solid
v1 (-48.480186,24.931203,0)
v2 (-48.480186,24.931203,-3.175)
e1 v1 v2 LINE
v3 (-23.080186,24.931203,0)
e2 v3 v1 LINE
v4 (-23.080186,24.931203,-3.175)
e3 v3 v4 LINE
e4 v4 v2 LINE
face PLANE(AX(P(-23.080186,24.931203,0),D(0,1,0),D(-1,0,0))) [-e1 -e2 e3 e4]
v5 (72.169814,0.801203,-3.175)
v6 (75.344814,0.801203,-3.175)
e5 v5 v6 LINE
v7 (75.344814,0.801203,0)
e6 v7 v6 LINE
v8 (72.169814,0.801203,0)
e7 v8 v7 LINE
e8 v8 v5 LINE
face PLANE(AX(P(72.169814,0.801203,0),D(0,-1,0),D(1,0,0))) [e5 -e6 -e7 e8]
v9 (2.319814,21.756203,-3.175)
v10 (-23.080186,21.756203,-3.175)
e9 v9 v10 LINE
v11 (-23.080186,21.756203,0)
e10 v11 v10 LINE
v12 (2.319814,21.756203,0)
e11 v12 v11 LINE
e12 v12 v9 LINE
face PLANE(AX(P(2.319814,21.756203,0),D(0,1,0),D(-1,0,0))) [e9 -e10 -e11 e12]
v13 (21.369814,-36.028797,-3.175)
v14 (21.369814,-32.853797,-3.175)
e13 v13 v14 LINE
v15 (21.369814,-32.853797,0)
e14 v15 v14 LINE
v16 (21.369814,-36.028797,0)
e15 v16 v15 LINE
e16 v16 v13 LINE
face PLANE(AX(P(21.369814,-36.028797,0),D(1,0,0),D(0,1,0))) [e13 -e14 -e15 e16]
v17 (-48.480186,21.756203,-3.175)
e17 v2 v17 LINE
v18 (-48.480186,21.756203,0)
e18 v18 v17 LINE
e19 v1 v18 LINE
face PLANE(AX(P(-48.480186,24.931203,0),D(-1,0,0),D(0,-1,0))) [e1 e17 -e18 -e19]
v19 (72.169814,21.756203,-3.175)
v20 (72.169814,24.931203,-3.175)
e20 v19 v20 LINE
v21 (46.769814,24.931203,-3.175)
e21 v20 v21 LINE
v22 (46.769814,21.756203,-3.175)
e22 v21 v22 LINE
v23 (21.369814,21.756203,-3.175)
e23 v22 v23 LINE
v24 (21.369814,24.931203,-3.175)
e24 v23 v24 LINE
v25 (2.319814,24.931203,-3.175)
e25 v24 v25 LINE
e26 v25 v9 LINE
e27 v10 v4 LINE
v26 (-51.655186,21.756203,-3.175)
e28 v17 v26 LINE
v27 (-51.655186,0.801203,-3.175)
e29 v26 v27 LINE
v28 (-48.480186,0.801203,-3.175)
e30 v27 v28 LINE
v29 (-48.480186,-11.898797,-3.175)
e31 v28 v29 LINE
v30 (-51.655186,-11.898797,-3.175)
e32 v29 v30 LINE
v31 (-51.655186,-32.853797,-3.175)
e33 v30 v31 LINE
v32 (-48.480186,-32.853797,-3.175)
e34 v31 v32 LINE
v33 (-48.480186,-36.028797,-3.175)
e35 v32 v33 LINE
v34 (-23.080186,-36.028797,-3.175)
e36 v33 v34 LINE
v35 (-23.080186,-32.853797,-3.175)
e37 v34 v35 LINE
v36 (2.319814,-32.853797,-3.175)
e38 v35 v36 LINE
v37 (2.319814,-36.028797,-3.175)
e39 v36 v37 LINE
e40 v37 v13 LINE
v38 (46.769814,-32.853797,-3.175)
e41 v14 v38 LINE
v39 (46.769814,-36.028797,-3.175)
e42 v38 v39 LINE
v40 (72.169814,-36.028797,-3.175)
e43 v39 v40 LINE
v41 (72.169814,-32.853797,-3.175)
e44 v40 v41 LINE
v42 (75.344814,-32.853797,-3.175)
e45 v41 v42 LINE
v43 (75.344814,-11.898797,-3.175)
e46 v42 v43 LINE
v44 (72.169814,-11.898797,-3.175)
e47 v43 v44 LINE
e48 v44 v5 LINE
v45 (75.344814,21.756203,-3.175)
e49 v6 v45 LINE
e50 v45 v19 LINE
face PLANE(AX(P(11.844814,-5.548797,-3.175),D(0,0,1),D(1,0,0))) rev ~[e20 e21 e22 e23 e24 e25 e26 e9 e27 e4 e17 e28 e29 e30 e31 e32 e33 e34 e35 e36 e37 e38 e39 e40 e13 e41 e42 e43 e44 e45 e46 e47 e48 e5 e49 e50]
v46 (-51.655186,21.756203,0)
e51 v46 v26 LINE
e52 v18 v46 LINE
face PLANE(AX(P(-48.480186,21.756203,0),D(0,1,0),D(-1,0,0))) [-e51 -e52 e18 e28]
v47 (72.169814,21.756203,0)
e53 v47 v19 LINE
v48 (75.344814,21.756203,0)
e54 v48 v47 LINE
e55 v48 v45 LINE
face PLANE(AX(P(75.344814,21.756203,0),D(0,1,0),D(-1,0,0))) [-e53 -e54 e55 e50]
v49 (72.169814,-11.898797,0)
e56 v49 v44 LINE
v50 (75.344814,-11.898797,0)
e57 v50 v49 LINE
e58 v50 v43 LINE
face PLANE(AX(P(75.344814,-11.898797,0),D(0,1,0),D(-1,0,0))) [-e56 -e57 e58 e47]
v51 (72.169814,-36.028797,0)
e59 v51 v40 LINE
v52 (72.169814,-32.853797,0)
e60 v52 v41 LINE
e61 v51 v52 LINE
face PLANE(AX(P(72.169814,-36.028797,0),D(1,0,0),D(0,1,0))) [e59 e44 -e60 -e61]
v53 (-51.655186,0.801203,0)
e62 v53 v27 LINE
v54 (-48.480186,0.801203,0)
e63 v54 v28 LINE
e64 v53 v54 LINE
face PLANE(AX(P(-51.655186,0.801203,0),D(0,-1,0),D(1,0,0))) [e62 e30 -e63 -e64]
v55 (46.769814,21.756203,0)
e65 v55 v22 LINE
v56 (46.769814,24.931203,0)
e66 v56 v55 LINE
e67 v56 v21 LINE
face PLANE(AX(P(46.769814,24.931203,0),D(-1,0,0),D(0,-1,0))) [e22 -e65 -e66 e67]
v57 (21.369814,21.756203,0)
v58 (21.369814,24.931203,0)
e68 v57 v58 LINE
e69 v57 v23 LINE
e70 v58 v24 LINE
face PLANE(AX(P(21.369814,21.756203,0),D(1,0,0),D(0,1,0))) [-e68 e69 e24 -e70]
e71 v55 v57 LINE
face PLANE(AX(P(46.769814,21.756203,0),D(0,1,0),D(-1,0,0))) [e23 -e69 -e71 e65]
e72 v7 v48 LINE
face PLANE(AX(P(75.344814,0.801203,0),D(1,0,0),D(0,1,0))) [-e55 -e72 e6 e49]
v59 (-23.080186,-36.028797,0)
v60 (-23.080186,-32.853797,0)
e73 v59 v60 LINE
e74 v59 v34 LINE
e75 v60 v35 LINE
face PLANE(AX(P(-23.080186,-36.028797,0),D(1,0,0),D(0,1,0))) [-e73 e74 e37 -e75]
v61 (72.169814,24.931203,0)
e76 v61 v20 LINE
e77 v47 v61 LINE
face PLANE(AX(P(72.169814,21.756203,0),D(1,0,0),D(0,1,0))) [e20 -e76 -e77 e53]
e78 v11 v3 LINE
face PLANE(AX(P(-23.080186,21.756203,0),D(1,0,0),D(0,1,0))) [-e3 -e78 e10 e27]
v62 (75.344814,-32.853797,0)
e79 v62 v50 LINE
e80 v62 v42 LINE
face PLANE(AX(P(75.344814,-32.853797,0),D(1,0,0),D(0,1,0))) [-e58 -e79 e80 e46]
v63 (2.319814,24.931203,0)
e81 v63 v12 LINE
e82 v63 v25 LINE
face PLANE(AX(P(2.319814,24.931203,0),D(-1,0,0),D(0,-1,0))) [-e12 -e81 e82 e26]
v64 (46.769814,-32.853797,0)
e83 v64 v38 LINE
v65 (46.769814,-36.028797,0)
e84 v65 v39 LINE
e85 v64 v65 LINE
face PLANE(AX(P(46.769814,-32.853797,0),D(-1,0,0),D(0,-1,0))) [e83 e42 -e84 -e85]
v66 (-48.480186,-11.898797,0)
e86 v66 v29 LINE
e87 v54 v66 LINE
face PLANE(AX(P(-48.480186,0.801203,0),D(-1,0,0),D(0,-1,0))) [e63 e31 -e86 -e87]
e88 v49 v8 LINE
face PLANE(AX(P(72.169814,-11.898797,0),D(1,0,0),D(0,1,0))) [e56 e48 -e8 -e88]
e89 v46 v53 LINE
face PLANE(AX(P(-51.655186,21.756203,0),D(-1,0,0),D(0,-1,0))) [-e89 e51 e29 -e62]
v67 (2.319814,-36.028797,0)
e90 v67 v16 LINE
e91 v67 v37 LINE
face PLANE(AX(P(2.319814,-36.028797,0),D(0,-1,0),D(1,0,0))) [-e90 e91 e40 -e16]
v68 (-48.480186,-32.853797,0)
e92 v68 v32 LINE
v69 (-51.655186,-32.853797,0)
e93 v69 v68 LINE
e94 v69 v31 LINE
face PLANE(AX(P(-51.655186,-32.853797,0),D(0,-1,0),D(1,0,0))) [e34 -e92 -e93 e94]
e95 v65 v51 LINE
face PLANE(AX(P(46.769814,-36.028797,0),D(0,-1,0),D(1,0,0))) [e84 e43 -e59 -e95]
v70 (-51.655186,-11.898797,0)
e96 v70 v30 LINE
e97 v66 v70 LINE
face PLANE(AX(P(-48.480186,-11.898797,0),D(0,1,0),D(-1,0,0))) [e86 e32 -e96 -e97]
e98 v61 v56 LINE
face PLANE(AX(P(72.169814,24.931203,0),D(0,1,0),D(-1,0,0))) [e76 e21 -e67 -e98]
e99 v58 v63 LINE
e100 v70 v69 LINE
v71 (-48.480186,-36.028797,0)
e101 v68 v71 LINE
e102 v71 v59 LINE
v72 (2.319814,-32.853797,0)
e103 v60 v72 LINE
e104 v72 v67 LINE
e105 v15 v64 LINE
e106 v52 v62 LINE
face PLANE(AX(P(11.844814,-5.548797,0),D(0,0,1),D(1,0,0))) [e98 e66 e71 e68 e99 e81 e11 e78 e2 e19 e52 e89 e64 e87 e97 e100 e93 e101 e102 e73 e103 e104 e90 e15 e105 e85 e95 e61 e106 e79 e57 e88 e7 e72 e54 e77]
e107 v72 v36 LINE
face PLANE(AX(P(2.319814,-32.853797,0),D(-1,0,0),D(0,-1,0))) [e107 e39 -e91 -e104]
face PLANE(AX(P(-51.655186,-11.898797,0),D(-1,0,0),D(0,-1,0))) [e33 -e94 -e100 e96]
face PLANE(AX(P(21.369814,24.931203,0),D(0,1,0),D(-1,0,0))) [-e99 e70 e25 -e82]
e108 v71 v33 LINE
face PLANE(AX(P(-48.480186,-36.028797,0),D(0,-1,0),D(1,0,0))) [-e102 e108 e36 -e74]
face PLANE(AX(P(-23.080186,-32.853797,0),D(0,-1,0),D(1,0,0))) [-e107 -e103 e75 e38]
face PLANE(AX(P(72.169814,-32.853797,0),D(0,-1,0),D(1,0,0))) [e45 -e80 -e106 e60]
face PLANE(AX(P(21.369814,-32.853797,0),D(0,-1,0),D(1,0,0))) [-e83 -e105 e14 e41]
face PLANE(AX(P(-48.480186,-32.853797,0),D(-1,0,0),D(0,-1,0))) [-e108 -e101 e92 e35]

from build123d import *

# Parameters (mm, degrees)
F1_DEPTH = 3.175


with BuildPart() as f1:
    # F0 (on Top) → F1 (new body)
    with BuildSketch(Plane.XY):
        Polygon((-23.080186, 24.931203), (-48.480186, 24.931203), (-48.480186, 21.756203), (-51.655186, 21.756203), (-51.655186, 0.801203), (-48.480186, 0.801203), (-48.480186, -11.898797), (-51.655186, -11.898797), (-51.655186, -32.853797), (-48.480186, -32.853797), (-48.480186, -36.028797), (-23.080186, -36.028797), (-23.080186, -32.853797), (2.319814, -32.853797), (2.319814, -36.028797), (21.369814, -36.028797), (21.369814, -32.853797), (46.769814, -32.853797), (46.769814, -36.028797), (72.169814, -36.028797), (72.169814, -32.853797), (75.344814, -32.853797), (75.344814, -11.898797), (72.169814, -11.898797), (72.169814, 0.801203), (75.344814, 0.801203), (75.344814, 21.756203), (72.169814, 21.756203), (72.169814, 24.931203), (46.769814, 24.931203), (46.769814, 21.756203), (21.369814, 21.756203), (21.369814, 24.931203), (2.319814, 24.931203), (2.319814, 21.756203), (-23.080186, 21.756203), align=None)
    extrude(amount=-F1_DEPTH)


solid = f1.part
